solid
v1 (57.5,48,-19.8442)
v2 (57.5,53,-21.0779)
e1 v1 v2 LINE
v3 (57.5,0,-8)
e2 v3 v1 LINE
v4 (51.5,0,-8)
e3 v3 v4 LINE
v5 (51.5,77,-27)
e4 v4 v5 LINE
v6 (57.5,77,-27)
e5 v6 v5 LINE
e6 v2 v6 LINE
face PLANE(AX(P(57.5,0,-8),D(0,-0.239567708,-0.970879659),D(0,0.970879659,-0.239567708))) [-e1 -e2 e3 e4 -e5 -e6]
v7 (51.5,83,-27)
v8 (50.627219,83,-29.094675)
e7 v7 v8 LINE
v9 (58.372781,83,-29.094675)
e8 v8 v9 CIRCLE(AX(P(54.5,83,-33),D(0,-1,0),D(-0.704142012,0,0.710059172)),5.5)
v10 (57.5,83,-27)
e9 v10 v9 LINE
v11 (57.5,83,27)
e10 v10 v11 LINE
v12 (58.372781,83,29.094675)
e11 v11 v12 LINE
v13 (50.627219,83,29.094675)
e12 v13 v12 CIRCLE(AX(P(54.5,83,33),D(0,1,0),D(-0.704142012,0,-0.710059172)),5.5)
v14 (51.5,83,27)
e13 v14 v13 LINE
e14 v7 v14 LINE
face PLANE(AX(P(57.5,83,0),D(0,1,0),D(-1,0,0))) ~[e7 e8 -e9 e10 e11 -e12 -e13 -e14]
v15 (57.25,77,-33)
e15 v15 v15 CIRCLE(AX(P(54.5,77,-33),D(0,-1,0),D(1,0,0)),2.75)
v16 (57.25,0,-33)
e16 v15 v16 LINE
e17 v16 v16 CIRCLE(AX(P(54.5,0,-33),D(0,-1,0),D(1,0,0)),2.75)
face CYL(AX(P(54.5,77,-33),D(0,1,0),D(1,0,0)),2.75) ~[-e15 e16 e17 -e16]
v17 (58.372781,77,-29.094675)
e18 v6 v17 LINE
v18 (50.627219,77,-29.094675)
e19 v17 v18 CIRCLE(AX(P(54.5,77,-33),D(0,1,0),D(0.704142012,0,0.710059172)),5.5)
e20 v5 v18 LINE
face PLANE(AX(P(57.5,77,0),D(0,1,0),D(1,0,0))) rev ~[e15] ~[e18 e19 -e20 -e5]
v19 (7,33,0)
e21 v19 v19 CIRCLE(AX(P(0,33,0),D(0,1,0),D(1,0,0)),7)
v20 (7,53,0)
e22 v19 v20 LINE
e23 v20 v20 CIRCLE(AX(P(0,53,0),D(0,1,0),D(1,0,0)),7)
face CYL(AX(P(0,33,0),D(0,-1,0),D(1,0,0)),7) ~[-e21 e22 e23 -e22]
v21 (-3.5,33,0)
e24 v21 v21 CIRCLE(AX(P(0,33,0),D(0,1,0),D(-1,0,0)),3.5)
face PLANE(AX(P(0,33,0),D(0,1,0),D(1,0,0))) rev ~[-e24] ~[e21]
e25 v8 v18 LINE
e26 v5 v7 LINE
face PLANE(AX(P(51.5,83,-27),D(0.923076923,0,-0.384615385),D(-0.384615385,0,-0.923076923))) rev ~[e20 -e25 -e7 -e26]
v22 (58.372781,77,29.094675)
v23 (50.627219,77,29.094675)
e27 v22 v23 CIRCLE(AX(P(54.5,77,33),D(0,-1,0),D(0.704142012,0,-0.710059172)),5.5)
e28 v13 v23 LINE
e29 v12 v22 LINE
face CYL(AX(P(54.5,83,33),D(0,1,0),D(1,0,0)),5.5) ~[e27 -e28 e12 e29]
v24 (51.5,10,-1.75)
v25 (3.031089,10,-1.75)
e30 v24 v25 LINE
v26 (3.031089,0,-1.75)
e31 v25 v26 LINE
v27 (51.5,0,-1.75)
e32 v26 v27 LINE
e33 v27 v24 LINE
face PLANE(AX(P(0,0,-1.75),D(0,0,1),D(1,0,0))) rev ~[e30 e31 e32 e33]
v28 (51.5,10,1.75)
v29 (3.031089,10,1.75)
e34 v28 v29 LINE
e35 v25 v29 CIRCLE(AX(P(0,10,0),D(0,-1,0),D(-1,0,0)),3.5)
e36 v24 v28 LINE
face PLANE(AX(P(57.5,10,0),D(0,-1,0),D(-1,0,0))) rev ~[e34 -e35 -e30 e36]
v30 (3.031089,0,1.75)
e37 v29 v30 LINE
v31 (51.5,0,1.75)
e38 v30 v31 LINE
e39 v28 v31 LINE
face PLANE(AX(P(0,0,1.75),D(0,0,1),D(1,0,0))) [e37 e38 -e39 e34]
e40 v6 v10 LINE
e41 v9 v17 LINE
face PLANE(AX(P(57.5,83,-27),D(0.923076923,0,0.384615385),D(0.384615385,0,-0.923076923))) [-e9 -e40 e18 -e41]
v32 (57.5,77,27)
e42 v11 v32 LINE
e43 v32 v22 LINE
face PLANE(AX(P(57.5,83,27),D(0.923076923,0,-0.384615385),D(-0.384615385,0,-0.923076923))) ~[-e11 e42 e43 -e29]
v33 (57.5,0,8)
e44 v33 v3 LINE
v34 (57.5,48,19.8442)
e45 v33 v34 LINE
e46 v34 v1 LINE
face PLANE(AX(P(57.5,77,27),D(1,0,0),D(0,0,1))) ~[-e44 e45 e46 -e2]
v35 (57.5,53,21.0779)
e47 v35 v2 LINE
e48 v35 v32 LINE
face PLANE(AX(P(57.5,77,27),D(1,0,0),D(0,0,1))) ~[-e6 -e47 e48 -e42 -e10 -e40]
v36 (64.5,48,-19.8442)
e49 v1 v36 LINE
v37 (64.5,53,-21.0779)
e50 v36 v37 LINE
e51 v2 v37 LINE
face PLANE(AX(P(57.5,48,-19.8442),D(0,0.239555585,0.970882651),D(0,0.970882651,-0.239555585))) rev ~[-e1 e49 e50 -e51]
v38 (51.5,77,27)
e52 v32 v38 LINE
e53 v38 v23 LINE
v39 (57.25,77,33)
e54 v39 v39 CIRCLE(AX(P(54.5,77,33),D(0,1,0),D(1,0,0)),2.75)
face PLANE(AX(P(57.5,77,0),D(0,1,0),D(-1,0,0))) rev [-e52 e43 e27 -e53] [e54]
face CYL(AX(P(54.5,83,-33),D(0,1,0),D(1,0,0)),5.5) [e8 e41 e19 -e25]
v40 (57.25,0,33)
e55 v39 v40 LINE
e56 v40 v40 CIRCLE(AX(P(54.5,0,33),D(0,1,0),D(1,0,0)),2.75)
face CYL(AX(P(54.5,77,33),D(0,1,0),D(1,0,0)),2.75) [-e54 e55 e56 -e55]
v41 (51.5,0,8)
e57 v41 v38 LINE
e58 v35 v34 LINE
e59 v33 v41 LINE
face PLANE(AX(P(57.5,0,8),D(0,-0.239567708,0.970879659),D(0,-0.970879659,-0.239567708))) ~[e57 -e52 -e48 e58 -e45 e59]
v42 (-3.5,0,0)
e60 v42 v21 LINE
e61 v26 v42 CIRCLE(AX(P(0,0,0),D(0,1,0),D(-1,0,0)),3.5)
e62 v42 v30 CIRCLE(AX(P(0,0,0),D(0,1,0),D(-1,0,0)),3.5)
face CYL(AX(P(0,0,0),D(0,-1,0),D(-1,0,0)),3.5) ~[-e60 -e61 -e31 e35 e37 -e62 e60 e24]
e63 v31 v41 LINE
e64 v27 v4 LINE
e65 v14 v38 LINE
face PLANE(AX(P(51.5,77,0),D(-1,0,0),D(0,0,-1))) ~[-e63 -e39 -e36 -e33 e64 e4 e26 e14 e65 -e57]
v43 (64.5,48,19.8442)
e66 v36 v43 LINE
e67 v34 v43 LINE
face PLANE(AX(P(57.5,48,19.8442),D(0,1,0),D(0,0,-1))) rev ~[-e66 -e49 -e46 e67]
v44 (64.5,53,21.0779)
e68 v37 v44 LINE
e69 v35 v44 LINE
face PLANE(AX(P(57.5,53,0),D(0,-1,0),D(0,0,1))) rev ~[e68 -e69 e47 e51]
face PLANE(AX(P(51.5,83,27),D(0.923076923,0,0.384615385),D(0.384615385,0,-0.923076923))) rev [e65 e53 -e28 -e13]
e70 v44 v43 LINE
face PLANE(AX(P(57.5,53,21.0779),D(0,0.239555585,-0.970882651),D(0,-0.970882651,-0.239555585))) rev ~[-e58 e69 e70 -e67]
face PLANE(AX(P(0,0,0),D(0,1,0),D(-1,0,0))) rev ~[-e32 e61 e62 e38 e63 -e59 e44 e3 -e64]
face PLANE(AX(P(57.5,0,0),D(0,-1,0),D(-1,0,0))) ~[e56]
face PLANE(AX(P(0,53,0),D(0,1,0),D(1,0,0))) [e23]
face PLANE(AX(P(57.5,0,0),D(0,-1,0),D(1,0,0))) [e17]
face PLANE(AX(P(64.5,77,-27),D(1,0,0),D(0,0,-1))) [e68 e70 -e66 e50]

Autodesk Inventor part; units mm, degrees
ref_plane "YZ Plane" through (0, 0, 0) normal (1, 0, 0) x (0, 1, 0)
ref_plane "XZ Plane" through (0, 0, 0) normal (0, 1, 0) x (-1, 0, 0)
ref_plane "XY Plane" through (0, 0, 0) normal (0, 0, 1) x (1, 0, 0)
sketch "Sketch1" plane through (0, 0, 0) normal (0, 1, 0) x (-1, 0, 0)
  circle A0 centre (0, 0) radius 3.5
  dimension "d0" = 7
extrude "Extrusion1" add sketch "Sketch1" along normal blind 33
sketch "Sketch2" plane through (0, 33, 0) normal (0, 1, 0) x (1, 0, 0)
  circle A0 centre (0, 0) radius 7
  dimension "d3" = 14
extrude "Extrusion2" add sketch "Sketch2" along normal blind 20
sketch "Sketch3" plane through (0, 0, 0) normal (0, 0, 1) x (1, 0, 0)
  line L0 (0, 0) -> (57.5, 0)
  line L1 (57.5, 0) -> (57.5, 10)
  line L2 (57.5, 10) -> (0, 10)
  line L3 (0, 10) -> (0, 0)
  dimension "d6" = 57.5
  dimension "d7" = 10
extrude "Extrusion3" add sketch "Sketch3" along normal mid plane 3.5
sketch "Sketch4" plane through (57.5, 0, 1.75) normal (1, 0, 0) x (0, 0, -1)
  line L0 (1.75, 0) -> (9.75, 0)
  line L1 (9.75, 0) -> (28.75, 77)
  line L2 (1.75, 0) -> (1.75, 77)
  line L3 (1.75, 77) -> (28.75, 77)
  dimension "d10" = 8
  dimension "d11" = 27
  dimension "d12" = 77
extrude "Extrusion4" add sketch "Sketch4" against normal blind 6
sketch "Sketch5" plane through (57.5, 77, 0) normal (0, 1, 0) x (1, 0, 0)
  line L0 (0, 27) -> (0, 0) projected
  line L1 (0, 27) -> (-6, 27) projected
  line L2 (-6, 0) -> (-6, 27) projected
  line L3 (0, 0) -> (-6, 0) projected
  point P0 (-57.5, 0)
extrude "Extrusion5" add sketch "Sketch5" along normal blind 6
sketch "Sketch6" plane through (57.5, 83, 0) normal (0, 1, 0) x (1, 0, 0)
  circle A0 centre (-3, 33) radius 5.5
  line L0 (-6, 0) -> (0, 0) projected
  line L1 (-6, 27) -> (-6, 0) projected
  line L2 (-6, 27) -> (-8.5, 33)
  line L3 (0, 8) -> (0, 27) projected
  line L4 (0, 27) -> (2.5, 33)
  line L5 (0, 27) -> (-6, 27) projected
  line L6 (-6, 27) -> (0, 27)
  line L7 (-8.5, 33) -> (2.5, 33)
  point P0 (-57.5, 0)
  point P1 (0.8728, 29.0947)
  point P2 (-6.8728, 29.0947)
  dimension "d17" = 11
  dimension "d18" = 33
  dimension "d19" = 3
extrude "Extrusion6" add sketch "Sketch6" against normal blind 6
sketch "Sketch7" plane through (57.5, 77, 0) normal (0, -1, 0) x (1, 0, 0)
  arc A0 (-6.8728, -29.0947) -> (0.8728, -29.0947) centre (-3, -33) ccw projected
  circle A1 centre (-3, -33) radius 2.75
  point P0 (-57.5, 0)
  dimension "d22" = 5.5
extrude "Extrusion7" add sketch "Sketch7" along normal blind 77
mirror "Mirror1" about plane through (57.5, 0, 0) normal (0, 0, 1) of "Extrusion4", "Extrusion6", "Extrusion5", "Extrusion7"
sketch "Sketch8" plane through (57.5, 77, -27) normal (1, 0, 0) x (0, 0, -1)
  line L0 (-27, -77) -> (-27, -3.2697)
  line L1 (-46.8442, -29) -> (-7.1558, -29)
  line L2 (-7.1558, -29) -> (-5.9221, -24)
  line L3 (-5.9221, -24) -> (-48.0779, -24)
  line L4 (-48.0779, -24) -> (-46.8442, -29)
  line L5 (-46.8442, -29) -> (-5.9221, -24) construction
  line L6 (-7.1558, -29) -> (-48.0779, -24) construction
  line L7 (0, 6) -> (-54, 6) projected
  line L8 (-19, -77) -> (0, 0) projected
  line L9 (-35, -77) -> (-54, 0) projected
  point P0 (-27, -26.5754)
  dimension "d27" = 30
  dimension "d30" = 5
extrude "Extrusion8" add sketch "Sketch8" along normal blind 7
properties part number "Cube Cage" material "ABS Plastic"
